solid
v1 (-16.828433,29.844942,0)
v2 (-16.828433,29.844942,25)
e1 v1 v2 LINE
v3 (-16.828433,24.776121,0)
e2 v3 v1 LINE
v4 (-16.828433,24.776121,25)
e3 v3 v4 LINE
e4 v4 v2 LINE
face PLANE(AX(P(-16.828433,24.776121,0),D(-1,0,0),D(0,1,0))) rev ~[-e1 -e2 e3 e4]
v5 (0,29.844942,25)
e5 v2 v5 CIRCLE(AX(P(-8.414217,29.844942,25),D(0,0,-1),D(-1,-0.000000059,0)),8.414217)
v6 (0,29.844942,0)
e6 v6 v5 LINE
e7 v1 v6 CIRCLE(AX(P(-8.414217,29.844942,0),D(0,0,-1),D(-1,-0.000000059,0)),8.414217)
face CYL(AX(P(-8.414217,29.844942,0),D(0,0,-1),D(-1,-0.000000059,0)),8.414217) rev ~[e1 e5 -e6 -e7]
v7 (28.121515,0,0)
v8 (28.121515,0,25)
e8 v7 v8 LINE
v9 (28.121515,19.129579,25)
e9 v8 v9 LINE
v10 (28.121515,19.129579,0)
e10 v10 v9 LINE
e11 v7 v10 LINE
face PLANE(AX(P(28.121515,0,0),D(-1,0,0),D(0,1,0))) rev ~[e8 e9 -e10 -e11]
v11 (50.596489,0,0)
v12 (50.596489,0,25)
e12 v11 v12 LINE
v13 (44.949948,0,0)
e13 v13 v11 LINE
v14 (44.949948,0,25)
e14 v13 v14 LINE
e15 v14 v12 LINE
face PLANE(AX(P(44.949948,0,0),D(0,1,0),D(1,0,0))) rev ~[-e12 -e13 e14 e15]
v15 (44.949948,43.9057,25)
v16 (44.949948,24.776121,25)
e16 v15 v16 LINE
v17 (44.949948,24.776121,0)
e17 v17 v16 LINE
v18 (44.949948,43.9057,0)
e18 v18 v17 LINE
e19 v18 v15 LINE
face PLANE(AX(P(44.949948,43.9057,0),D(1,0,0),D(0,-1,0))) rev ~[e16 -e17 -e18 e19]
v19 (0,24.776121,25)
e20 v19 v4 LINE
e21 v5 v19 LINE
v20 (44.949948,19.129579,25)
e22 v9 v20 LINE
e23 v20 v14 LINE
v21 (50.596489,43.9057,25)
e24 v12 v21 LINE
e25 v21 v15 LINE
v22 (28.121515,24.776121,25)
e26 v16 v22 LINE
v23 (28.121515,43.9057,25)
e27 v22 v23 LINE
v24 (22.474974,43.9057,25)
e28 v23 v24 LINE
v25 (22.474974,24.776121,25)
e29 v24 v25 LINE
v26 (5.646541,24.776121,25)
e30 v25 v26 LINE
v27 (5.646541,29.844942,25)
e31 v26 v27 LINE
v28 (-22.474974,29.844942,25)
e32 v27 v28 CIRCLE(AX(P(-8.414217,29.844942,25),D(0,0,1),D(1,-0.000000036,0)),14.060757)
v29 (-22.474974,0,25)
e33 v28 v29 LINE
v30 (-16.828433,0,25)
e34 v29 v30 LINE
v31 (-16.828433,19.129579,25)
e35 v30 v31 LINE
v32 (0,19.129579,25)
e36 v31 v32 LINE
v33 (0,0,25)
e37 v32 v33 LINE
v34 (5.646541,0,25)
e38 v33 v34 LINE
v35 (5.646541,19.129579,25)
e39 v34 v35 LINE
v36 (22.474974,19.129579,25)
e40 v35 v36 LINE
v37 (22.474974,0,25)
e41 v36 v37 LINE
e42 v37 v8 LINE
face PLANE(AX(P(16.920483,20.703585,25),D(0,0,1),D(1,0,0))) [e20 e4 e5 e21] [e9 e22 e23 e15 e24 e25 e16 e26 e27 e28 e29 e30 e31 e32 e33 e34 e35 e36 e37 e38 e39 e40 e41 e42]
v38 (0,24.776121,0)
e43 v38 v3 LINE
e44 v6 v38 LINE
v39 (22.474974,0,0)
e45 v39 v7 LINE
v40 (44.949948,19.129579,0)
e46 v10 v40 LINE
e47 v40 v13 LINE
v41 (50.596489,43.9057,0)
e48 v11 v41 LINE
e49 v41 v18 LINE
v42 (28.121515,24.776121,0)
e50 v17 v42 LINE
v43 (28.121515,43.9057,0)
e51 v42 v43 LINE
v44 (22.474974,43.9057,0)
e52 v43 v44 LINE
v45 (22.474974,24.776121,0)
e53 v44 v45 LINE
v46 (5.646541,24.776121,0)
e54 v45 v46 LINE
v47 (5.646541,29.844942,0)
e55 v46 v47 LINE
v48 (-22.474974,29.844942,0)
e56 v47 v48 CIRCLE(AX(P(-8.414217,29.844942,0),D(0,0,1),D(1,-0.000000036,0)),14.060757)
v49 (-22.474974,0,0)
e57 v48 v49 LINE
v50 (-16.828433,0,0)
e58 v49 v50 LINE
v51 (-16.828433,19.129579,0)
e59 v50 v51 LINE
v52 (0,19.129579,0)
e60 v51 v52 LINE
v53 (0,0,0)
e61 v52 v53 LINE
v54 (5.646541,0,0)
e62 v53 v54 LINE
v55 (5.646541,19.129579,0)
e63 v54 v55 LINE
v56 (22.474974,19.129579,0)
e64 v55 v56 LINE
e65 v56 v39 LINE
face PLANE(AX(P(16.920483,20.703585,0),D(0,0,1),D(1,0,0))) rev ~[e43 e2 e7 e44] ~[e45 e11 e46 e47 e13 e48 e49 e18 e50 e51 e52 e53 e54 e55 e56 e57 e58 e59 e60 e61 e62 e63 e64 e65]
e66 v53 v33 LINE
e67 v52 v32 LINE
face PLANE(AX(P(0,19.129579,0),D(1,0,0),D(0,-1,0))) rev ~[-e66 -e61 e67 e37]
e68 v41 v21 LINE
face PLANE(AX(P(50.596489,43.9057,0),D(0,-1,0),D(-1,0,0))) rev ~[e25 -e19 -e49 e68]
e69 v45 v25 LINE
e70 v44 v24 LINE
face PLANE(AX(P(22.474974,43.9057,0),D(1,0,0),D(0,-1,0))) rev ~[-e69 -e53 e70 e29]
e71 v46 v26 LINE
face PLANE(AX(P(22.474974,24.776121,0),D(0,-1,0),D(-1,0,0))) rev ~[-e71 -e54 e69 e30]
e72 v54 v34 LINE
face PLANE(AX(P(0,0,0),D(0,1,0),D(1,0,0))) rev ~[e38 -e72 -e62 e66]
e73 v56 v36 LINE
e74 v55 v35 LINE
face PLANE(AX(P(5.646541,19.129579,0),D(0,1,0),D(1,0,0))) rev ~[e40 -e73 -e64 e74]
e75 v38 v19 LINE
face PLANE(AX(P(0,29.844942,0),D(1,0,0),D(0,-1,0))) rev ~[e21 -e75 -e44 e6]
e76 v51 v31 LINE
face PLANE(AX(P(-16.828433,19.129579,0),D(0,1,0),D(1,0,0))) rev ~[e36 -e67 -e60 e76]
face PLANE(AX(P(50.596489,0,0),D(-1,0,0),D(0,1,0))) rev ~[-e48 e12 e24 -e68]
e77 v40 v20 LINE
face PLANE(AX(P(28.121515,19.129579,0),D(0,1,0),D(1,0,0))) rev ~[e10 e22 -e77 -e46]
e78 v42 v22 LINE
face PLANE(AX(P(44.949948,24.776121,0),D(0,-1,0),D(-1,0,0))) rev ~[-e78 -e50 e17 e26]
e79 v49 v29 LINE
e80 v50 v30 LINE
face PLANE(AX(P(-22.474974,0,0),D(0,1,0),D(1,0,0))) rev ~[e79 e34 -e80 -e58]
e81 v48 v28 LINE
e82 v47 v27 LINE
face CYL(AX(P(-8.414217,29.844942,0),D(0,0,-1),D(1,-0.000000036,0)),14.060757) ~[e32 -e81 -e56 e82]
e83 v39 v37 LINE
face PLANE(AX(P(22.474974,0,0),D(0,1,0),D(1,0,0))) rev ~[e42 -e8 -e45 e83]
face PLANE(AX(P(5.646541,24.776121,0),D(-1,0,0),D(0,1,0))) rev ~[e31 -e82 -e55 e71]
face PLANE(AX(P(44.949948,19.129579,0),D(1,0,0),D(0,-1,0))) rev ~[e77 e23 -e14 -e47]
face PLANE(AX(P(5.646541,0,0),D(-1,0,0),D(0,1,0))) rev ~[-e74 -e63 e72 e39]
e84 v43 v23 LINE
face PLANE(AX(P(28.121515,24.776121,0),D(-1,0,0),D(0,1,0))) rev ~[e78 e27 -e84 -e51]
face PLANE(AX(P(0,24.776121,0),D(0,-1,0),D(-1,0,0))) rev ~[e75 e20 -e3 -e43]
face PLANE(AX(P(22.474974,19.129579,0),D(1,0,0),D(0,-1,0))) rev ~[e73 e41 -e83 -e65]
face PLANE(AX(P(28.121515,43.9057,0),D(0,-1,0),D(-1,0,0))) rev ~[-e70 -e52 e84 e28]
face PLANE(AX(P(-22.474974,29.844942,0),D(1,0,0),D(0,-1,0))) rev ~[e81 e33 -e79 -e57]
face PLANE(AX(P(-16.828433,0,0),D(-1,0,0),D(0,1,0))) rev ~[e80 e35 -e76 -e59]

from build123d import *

# Parameters (mm, degrees)
F1_DEPTH = 25


with BuildPart() as f1:
    # F0 (on Top) → F1 (new body)
    with BuildSketch(Plane.XY):
        with BuildLine():
            Line((0, 19.129579), (0, 0))
            Line((0, 0), (5.646541, 0))
            Line((5.646541, 0), (5.646541, 19.129579))
            Line((5.646541, 19.129579), (22.474974, 19.129579))
            Line((22.474974, 19.129579), (22.474974, 0))
            Line((22.474974, 0), (28.121515, 0))
            Line((28.121515, 0), (28.121515, 19.129579))
            Line((28.121515, 19.129579), (44.949948, 19.129579))
            Line((44.949948, 19.129579), (44.949948, 0))
            Line((44.949948, 0), (50.596489, 0))
            Line((50.596489, 0), (50.596489, 43.9057))
            Line((50.596489, 43.9057), (44.949948, 43.9057))
            Line((44.949948, 43.9057), (44.949948, 24.776121))
            Line((44.949948, 24.776121), (28.121515, 24.776121))
            Line((28.121515, 24.776121), (28.121515, 43.9057))
            Line((28.121515, 43.9057), (22.474974, 43.9057))
            Line((22.474974, 43.9057), (22.474974, 24.776121))
            Line((22.474974, 24.776121), (5.646541, 24.776121))
            Line((5.646541, 24.776121), (5.646541, 29.844942))
            ThreePointArc((5.646541, 29.844942), (-8.414216, 43.9057), (-22.474974, 29.844942))
            Line((-22.474974, 29.844942), (-22.474974, 0))
            Line((-22.474974, 0), (-16.828433, 0))
            Line((-16.828433, 0), (-16.828433, 19.129579))
            Line((-16.828433, 19.129579), (0, 19.129579))
        make_face()
        with BuildLine():
            Line((0, 29.844942), (0, 24.776121))
            Line((0, 24.776121), (-16.828433, 24.776121))
            Line((-16.828433, 24.776121), (-16.828433, 29.844942))
            ThreePointArc((-16.828433, 29.844942), (-8.414216, 38.259159), (0, 29.844942))
        make_face(mode=Mode.SUBTRACT)
    extrude(amount=F1_DEPTH)


solid = f1.part
